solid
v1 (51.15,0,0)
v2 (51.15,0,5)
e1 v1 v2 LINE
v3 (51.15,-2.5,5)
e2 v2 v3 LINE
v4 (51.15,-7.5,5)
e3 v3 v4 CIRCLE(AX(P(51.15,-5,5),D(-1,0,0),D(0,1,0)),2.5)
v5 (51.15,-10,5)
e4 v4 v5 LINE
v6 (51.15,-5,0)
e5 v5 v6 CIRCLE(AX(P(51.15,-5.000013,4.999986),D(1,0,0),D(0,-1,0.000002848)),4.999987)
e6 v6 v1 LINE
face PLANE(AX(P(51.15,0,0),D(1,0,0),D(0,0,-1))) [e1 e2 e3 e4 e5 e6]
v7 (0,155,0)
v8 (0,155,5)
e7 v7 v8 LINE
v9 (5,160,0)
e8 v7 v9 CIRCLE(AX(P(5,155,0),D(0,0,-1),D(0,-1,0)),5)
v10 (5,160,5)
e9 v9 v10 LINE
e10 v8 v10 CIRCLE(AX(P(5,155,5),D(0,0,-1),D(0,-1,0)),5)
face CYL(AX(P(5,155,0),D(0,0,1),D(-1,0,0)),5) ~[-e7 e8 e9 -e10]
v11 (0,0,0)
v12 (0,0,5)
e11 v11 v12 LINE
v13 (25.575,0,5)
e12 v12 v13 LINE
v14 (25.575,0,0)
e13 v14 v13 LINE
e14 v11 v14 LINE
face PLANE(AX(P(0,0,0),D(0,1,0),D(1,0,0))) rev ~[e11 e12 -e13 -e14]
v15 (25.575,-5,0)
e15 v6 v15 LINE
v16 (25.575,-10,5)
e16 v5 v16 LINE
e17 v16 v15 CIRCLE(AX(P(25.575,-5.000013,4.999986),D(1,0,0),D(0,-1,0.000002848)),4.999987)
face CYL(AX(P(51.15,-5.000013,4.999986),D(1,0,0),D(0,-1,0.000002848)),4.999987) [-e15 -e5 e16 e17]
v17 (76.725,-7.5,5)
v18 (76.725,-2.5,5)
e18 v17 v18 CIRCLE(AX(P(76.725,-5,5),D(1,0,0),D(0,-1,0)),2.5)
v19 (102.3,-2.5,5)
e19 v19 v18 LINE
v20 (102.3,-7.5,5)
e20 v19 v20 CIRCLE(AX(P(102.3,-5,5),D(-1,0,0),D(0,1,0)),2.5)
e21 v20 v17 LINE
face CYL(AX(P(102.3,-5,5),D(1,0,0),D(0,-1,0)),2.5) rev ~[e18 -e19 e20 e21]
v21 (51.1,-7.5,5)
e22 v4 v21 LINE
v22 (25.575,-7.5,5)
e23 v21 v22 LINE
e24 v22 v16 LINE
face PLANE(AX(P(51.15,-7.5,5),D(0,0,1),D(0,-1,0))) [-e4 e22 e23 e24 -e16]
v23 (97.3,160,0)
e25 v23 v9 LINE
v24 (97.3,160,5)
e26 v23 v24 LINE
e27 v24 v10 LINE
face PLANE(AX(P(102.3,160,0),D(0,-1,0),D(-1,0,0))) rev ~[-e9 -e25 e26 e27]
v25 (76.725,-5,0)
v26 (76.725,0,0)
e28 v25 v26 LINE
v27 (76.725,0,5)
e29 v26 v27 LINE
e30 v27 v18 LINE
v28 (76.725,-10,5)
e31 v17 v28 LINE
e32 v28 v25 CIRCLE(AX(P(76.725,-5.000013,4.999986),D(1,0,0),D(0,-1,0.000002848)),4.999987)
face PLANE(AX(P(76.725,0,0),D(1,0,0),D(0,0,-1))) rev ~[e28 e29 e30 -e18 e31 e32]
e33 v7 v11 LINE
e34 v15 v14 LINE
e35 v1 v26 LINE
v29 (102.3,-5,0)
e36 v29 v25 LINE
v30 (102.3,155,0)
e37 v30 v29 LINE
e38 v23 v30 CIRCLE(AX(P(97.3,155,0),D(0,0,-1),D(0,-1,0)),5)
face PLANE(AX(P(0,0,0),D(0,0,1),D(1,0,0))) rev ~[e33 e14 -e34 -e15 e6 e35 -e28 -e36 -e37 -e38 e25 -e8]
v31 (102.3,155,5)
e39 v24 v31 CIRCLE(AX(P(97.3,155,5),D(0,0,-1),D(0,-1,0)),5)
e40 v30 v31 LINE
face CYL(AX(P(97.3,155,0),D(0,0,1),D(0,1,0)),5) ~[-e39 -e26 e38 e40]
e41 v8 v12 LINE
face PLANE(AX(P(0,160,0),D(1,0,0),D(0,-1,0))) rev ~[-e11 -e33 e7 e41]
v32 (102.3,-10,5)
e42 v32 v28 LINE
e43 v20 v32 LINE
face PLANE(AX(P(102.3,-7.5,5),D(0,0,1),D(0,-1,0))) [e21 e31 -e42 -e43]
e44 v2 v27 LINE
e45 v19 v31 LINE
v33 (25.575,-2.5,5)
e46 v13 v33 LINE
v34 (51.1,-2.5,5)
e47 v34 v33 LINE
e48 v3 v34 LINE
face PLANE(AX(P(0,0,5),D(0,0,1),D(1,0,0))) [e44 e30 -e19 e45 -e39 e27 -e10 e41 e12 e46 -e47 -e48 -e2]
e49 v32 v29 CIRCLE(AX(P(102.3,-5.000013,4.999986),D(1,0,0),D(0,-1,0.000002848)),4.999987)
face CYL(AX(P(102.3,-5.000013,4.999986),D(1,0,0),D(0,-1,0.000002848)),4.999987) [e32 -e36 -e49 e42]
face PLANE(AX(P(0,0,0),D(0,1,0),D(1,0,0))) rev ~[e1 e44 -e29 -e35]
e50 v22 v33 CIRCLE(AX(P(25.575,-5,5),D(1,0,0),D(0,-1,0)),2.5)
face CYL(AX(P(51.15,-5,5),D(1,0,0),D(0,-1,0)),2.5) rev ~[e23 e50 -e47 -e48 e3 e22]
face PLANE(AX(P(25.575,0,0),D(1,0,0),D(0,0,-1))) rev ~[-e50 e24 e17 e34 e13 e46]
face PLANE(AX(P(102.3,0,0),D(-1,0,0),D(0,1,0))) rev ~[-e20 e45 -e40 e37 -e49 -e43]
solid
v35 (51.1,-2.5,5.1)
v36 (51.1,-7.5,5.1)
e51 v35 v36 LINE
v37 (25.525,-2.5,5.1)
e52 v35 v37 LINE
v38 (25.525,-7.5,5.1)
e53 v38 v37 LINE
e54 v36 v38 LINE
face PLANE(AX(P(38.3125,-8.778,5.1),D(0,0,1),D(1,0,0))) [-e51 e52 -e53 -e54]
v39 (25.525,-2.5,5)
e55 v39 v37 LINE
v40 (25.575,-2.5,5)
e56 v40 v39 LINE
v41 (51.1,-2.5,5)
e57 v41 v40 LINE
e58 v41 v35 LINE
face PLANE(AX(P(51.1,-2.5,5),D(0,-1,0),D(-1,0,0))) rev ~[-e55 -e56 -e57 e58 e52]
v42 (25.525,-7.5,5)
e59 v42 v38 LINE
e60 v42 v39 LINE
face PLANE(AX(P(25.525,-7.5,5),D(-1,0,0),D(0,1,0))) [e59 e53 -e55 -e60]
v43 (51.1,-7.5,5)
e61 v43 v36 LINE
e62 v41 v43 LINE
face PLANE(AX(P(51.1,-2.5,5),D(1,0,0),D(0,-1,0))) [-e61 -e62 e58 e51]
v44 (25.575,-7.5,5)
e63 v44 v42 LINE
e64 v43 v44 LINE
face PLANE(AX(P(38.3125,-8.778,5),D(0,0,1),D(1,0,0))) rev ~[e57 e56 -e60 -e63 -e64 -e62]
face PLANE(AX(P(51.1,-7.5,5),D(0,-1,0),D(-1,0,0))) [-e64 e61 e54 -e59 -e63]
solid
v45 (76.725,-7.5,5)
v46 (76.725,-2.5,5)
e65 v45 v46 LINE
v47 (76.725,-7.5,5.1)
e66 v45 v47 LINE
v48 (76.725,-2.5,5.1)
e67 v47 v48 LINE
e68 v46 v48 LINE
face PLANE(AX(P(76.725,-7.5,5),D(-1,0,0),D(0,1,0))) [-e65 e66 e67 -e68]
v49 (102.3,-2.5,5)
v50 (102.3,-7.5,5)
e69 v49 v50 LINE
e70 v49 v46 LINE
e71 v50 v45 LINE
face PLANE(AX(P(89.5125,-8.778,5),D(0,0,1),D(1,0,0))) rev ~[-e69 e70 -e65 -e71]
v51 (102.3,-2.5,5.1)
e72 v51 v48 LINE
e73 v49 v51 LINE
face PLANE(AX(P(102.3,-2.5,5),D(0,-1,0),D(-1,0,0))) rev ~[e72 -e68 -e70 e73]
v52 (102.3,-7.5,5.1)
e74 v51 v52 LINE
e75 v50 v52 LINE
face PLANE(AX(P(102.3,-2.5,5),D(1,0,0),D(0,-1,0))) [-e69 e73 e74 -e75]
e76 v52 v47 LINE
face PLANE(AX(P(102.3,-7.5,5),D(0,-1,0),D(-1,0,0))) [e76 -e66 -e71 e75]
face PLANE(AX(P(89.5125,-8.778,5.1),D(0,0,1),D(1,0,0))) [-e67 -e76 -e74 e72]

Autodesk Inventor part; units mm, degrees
ref_plane "YZ Plane" through (0, 0, 0) normal (1, 0, 0) x (0, 1, 0)
ref_plane "XZ Plane" through (0, 0, 0) normal (0, 1, 0) x (-1, 0, 0)
sketch "Sketch1" plane through (0, 0, 0) normal (0, 0, 1) x (1, 0, 0)
  line L0 (0, 0) -> (102.3, 0)
  line L1 (102.3, 0) -> (102.3, 160)
  line L2 (102.3, 160) -> (0, 160)
  line L3 (0, 160) -> (0, 0)
  dimension "d0" = 160
  dimension "d1" = 102.3
extrude "Extrusion1" add sketch "Sketch1" along normal blind 5
sketch "Sketch3" plane through (102.3, 0, 0) normal (1, 0, 0) x (0, 0, -1)
  line L0 (0, 0) -> (-5, 0)
  line L1 (-5, 0) -> (-5, -5)
  line L2 (-5, -5) -> (0, -5)
  line L3 (0, -5) -> (0, 0)
  arc A0 (-5, -10) -> (-6.25, -0.1588) centre (-5, -5) ccw
  arc A1 (-5, -7.5) -> (-5, -2.5) centre (-5, -5) ccw
  line L4 (-6.25, -2.8349) -> (-6.25, -0.1588)
  line L5 (-5, 0) -> (-5, -10)
  point P0 (-5, -2.5)
  point P1 (-2.5, -5)
  dimension "d11" = 5
  dimension "d12" = 5
  dimension "d13" = 2.5
  dimension "d14" = 1.25
extrude "Extrusion3" add sketch "Sketch3" against normal blind 25.575 contours L3 A0 L0 | A0 L2 A1 L1 | A0 L5 A1 L2
pattern_linear "Rectangular Pattern1" count 2 spacing 51.15 along (-1, 0, 0) of "Extrusion3"
fillet "Fillet1" radius 5 2 edges at (102.3, 160, 2.5) (0, 160, 2.5)
sketch "Sketch6" plane through (102.3, -10, 5) normal (0, 0, 1) x (1, 0, 0)
  point P0 (-102.3, 10)
  point P1 (-12.7875, 1.222)
ref_plane "Work Plane1" through (89.5125, -8.778, 5) normal (0, 0, 1) x (1, 0, 0)
sketch "Sketch7" plane through (89.5125, -8.778, 5) normal (0, 0, 1) x (1, 0, 0)
  line L0 (12.7875, 6.278) -> (-12.7875, 6.278) projected
  line L1 (12.7875, 1.278) -> (-12.7875, 1.278) projected
  line L2 (-12.7875, 6.278) -> (12.7875, 6.278)
  line L3 (12.7875, 6.278) -> (12.7875, 1.278)
  line L4 (12.7875, 1.278) -> (-12.7875, 1.278)
  line L5 (-12.7875, 1.278) -> (-12.7875, 6.278)
  point P0 (-89.5125, 8.778)
extrude "Extrusion6" add sketch "Sketch7" along normal blind 0.1
pattern_linear "Rectangular Pattern2" count 2 spacing 51.2 along (-1, 0, 0) of "Extrusion6"
properties part number "Hinge"
